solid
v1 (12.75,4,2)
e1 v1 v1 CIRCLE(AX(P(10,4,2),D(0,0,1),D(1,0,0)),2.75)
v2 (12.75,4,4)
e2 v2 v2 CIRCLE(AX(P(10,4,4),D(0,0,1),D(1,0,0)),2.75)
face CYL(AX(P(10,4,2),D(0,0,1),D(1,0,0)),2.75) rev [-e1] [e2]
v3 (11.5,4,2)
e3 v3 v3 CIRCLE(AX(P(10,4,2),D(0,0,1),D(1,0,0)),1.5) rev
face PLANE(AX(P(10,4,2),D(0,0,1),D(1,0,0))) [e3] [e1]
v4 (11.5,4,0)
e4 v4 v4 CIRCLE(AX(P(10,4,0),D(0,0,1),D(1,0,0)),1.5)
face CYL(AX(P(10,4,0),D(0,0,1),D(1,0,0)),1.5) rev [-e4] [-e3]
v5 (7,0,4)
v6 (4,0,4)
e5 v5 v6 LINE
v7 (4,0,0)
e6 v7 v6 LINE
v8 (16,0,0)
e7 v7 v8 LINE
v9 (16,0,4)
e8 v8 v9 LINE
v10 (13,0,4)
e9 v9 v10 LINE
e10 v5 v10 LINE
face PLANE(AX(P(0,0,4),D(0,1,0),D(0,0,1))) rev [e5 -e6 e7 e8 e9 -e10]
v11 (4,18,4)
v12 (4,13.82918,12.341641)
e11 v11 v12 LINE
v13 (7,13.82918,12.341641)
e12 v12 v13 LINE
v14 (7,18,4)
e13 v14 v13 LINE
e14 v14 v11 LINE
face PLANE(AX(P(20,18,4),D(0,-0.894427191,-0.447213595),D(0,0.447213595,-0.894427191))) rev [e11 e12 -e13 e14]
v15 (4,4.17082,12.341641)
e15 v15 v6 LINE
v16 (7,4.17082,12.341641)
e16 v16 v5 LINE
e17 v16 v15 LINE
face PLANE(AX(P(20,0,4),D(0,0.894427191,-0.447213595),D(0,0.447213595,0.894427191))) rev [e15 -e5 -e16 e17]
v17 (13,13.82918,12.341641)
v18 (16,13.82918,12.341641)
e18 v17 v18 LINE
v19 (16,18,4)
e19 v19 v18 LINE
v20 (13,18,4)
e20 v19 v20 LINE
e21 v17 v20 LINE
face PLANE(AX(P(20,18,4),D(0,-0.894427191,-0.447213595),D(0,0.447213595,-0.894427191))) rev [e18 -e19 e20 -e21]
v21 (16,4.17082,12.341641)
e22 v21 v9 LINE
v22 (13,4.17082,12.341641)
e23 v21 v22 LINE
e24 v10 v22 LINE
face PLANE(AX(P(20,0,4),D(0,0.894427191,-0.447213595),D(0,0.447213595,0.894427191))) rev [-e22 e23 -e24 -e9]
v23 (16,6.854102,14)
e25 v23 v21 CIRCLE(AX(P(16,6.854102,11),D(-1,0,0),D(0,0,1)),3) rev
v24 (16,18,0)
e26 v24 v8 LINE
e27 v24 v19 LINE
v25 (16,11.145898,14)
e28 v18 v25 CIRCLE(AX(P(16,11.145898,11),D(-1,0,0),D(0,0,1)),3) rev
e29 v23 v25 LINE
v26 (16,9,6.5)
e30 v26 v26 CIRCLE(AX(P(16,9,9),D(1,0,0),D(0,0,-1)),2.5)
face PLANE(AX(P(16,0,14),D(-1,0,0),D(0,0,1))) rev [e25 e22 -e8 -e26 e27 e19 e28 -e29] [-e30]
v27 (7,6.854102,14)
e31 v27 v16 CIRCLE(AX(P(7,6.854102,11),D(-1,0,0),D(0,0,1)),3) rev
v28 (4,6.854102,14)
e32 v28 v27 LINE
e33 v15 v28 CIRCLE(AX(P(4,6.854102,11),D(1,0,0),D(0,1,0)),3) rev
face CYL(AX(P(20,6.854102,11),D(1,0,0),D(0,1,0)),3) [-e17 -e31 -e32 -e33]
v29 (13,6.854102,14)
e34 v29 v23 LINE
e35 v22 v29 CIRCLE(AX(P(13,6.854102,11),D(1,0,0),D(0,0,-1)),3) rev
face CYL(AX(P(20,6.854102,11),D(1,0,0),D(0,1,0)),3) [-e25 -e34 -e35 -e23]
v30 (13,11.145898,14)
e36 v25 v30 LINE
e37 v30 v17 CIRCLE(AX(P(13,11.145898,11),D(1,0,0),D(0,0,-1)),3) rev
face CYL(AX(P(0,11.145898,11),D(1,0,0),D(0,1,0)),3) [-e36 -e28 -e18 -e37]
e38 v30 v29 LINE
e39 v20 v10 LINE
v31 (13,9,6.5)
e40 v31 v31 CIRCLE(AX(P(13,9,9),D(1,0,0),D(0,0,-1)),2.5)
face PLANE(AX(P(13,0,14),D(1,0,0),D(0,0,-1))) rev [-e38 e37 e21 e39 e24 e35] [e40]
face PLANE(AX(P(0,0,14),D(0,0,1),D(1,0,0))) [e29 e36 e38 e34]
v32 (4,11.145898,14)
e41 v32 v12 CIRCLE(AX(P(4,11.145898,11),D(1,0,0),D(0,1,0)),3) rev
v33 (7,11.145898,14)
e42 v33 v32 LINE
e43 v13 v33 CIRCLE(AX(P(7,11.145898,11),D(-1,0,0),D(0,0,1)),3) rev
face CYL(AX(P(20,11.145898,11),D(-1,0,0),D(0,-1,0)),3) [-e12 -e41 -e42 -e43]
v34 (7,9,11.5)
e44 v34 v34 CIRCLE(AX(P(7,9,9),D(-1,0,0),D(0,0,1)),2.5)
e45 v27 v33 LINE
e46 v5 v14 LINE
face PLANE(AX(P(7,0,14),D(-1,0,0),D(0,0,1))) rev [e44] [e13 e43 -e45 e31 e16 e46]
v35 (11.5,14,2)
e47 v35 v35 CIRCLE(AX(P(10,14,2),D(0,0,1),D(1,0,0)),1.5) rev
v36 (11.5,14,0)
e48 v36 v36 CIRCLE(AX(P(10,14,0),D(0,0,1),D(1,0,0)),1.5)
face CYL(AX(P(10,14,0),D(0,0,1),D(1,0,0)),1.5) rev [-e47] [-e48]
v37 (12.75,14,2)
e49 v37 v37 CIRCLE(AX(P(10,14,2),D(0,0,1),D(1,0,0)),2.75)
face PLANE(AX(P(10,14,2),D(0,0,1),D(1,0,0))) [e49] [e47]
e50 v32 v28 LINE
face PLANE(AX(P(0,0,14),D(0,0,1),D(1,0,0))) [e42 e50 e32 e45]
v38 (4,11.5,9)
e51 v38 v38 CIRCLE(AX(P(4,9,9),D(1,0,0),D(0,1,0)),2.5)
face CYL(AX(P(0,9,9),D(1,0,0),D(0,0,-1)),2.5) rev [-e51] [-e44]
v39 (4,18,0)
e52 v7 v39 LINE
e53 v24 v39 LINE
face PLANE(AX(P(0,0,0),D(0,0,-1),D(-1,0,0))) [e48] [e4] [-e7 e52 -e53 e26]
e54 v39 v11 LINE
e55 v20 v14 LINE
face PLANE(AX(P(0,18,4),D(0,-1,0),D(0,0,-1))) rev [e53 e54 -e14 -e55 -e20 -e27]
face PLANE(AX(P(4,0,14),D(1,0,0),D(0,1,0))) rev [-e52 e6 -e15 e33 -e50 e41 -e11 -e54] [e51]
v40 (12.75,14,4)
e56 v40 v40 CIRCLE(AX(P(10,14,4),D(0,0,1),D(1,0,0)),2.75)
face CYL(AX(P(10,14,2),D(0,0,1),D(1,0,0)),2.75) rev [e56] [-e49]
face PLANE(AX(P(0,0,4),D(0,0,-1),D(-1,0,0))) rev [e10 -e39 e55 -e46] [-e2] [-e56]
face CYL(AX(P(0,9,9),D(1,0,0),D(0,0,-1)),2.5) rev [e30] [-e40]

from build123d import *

# Parameters (mm, degrees)
SKETCH_1_W          = 20
SKETCH_1_H          = 18
EXTRUDE_1_DEPTH     = 4
SKETCH_2_W          = 3
SKETCH_2_H          = 18
EXTRUDE_2_DEPTH     = 10
CUT_EXTRUDE_1_DEPTH = 28.856776554
SKETCH_6_R          = 2.5
CUT_EXTRUDE_2_DEPTH = 28.856776554
FILLET_1_R          = 3
SKETCH_9_W          = 4
SKETCH_9_H          = 18
CUT_EXTRUDE_4_DEPTH = 29.705400189
SKETCH_10_W         = 4
SKETCH_10_H         = 18
CUT_EXTRUDE_5_DEPTH = 29.705400189
SKETCH_11_R         = 1.5
CUT_EXTRUDE_6_DEPTH = 27.076809621
SKETCH_12_R         = 2.75
CUT_EXTRUDE_7_DEPTH = 2


with BuildPart() as part:
    # 草图1 → 凸台-拉伸1 (new body)
    with BuildSketch(Plane.XY):
        with Locations((10, 9)):
            Rectangle(SKETCH_1_W, SKETCH_1_H)
    extrude(amount=EXTRUDE_1_DEPTH)

    # 草图2 → 凸台-拉伸2 (add)
    with BuildSketch(Plane.XY.offset(4)):
        with Locations((14.5, 9)):
            Rectangle(SKETCH_2_W, SKETCH_2_H)
        with Locations((5.5, 9)):
            Rectangle(SKETCH_2_W, SKETCH_2_H)
    extrude(amount=EXTRUDE_2_DEPTH)

    # 草图3 → 切除-拉伸1 (cut, through all)
    with BuildSketch(Plane.ZY.offset(-4)):
        Polygon((4, 18), (14, 13), (14, 19.313508938), align=None)
        Polygon((4, 0), (14, 5), (15.372444732, -0.863940538), align=None)
    extrude(amount=-CUT_EXTRUDE_1_DEPTH, mode=Mode.SUBTRACT)

    # 草图6 → 切除-拉伸2 (cut, through all)
    with BuildSketch(Plane(origin=(16, 0, 0), x_dir=(0, 0, -1), z_dir=(1, 0, 0))):
        with Locations(Location((-9, 9, 0), (0, 0, 90))):
            Circle(SKETCH_6_R)
    extrude(amount=-CUT_EXTRUDE_2_DEPTH, mode=Mode.SUBTRACT)

    # 圆角1
    fillet_1_edges = [part.edges().sort_by_distance(p)[0] for p in [
        (5.5, 13, 14),
        (14.5, 13, 14),
        (5.5, 5, 14),
        (14.5, 5, 14),
    ]]
    fillet(fillet_1_edges, radius=FILLET_1_R)

    # 草图9 → 切除-拉伸4 (cut, through all)
    with BuildSketch(Plane.XY.offset(4)):
        with Locations((2, 9)):
            Rectangle(SKETCH_9_W, SKETCH_9_H)
    extrude(amount=-CUT_EXTRUDE_4_DEPTH, mode=Mode.SUBTRACT)

    # 草图10 → 切除-拉伸5 (cut, through all)
    with BuildSketch(Plane.XY.offset(4)):
        with Locations((18, 9)):
            Rectangle(SKETCH_10_W, SKETCH_10_H)
    extrude(amount=-CUT_EXTRUDE_5_DEPTH, mode=Mode.SUBTRACT)

    # 草图11 → 切除-拉伸6 (cut, through all)
    with BuildSketch(Plane.XY.offset(4)):
        with Locations((10, 14)):
            Circle(SKETCH_11_R)
        with Locations((10, 4)):
            Circle(SKETCH_11_R)
    extrude(amount=-CUT_EXTRUDE_6_DEPTH, mode=Mode.SUBTRACT)

    # 草图12 → 切除-拉伸7 (cut)
    with BuildSketch(Plane.XY.offset(4)):
        with Locations((10, 14)):
            Circle(SKETCH_12_R)
        with Locations((10, 4)):
            Circle(SKETCH_12_R)
    extrude(amount=-CUT_EXTRUDE_7_DEPTH, mode=Mode.SUBTRACT)


solid = part.part
